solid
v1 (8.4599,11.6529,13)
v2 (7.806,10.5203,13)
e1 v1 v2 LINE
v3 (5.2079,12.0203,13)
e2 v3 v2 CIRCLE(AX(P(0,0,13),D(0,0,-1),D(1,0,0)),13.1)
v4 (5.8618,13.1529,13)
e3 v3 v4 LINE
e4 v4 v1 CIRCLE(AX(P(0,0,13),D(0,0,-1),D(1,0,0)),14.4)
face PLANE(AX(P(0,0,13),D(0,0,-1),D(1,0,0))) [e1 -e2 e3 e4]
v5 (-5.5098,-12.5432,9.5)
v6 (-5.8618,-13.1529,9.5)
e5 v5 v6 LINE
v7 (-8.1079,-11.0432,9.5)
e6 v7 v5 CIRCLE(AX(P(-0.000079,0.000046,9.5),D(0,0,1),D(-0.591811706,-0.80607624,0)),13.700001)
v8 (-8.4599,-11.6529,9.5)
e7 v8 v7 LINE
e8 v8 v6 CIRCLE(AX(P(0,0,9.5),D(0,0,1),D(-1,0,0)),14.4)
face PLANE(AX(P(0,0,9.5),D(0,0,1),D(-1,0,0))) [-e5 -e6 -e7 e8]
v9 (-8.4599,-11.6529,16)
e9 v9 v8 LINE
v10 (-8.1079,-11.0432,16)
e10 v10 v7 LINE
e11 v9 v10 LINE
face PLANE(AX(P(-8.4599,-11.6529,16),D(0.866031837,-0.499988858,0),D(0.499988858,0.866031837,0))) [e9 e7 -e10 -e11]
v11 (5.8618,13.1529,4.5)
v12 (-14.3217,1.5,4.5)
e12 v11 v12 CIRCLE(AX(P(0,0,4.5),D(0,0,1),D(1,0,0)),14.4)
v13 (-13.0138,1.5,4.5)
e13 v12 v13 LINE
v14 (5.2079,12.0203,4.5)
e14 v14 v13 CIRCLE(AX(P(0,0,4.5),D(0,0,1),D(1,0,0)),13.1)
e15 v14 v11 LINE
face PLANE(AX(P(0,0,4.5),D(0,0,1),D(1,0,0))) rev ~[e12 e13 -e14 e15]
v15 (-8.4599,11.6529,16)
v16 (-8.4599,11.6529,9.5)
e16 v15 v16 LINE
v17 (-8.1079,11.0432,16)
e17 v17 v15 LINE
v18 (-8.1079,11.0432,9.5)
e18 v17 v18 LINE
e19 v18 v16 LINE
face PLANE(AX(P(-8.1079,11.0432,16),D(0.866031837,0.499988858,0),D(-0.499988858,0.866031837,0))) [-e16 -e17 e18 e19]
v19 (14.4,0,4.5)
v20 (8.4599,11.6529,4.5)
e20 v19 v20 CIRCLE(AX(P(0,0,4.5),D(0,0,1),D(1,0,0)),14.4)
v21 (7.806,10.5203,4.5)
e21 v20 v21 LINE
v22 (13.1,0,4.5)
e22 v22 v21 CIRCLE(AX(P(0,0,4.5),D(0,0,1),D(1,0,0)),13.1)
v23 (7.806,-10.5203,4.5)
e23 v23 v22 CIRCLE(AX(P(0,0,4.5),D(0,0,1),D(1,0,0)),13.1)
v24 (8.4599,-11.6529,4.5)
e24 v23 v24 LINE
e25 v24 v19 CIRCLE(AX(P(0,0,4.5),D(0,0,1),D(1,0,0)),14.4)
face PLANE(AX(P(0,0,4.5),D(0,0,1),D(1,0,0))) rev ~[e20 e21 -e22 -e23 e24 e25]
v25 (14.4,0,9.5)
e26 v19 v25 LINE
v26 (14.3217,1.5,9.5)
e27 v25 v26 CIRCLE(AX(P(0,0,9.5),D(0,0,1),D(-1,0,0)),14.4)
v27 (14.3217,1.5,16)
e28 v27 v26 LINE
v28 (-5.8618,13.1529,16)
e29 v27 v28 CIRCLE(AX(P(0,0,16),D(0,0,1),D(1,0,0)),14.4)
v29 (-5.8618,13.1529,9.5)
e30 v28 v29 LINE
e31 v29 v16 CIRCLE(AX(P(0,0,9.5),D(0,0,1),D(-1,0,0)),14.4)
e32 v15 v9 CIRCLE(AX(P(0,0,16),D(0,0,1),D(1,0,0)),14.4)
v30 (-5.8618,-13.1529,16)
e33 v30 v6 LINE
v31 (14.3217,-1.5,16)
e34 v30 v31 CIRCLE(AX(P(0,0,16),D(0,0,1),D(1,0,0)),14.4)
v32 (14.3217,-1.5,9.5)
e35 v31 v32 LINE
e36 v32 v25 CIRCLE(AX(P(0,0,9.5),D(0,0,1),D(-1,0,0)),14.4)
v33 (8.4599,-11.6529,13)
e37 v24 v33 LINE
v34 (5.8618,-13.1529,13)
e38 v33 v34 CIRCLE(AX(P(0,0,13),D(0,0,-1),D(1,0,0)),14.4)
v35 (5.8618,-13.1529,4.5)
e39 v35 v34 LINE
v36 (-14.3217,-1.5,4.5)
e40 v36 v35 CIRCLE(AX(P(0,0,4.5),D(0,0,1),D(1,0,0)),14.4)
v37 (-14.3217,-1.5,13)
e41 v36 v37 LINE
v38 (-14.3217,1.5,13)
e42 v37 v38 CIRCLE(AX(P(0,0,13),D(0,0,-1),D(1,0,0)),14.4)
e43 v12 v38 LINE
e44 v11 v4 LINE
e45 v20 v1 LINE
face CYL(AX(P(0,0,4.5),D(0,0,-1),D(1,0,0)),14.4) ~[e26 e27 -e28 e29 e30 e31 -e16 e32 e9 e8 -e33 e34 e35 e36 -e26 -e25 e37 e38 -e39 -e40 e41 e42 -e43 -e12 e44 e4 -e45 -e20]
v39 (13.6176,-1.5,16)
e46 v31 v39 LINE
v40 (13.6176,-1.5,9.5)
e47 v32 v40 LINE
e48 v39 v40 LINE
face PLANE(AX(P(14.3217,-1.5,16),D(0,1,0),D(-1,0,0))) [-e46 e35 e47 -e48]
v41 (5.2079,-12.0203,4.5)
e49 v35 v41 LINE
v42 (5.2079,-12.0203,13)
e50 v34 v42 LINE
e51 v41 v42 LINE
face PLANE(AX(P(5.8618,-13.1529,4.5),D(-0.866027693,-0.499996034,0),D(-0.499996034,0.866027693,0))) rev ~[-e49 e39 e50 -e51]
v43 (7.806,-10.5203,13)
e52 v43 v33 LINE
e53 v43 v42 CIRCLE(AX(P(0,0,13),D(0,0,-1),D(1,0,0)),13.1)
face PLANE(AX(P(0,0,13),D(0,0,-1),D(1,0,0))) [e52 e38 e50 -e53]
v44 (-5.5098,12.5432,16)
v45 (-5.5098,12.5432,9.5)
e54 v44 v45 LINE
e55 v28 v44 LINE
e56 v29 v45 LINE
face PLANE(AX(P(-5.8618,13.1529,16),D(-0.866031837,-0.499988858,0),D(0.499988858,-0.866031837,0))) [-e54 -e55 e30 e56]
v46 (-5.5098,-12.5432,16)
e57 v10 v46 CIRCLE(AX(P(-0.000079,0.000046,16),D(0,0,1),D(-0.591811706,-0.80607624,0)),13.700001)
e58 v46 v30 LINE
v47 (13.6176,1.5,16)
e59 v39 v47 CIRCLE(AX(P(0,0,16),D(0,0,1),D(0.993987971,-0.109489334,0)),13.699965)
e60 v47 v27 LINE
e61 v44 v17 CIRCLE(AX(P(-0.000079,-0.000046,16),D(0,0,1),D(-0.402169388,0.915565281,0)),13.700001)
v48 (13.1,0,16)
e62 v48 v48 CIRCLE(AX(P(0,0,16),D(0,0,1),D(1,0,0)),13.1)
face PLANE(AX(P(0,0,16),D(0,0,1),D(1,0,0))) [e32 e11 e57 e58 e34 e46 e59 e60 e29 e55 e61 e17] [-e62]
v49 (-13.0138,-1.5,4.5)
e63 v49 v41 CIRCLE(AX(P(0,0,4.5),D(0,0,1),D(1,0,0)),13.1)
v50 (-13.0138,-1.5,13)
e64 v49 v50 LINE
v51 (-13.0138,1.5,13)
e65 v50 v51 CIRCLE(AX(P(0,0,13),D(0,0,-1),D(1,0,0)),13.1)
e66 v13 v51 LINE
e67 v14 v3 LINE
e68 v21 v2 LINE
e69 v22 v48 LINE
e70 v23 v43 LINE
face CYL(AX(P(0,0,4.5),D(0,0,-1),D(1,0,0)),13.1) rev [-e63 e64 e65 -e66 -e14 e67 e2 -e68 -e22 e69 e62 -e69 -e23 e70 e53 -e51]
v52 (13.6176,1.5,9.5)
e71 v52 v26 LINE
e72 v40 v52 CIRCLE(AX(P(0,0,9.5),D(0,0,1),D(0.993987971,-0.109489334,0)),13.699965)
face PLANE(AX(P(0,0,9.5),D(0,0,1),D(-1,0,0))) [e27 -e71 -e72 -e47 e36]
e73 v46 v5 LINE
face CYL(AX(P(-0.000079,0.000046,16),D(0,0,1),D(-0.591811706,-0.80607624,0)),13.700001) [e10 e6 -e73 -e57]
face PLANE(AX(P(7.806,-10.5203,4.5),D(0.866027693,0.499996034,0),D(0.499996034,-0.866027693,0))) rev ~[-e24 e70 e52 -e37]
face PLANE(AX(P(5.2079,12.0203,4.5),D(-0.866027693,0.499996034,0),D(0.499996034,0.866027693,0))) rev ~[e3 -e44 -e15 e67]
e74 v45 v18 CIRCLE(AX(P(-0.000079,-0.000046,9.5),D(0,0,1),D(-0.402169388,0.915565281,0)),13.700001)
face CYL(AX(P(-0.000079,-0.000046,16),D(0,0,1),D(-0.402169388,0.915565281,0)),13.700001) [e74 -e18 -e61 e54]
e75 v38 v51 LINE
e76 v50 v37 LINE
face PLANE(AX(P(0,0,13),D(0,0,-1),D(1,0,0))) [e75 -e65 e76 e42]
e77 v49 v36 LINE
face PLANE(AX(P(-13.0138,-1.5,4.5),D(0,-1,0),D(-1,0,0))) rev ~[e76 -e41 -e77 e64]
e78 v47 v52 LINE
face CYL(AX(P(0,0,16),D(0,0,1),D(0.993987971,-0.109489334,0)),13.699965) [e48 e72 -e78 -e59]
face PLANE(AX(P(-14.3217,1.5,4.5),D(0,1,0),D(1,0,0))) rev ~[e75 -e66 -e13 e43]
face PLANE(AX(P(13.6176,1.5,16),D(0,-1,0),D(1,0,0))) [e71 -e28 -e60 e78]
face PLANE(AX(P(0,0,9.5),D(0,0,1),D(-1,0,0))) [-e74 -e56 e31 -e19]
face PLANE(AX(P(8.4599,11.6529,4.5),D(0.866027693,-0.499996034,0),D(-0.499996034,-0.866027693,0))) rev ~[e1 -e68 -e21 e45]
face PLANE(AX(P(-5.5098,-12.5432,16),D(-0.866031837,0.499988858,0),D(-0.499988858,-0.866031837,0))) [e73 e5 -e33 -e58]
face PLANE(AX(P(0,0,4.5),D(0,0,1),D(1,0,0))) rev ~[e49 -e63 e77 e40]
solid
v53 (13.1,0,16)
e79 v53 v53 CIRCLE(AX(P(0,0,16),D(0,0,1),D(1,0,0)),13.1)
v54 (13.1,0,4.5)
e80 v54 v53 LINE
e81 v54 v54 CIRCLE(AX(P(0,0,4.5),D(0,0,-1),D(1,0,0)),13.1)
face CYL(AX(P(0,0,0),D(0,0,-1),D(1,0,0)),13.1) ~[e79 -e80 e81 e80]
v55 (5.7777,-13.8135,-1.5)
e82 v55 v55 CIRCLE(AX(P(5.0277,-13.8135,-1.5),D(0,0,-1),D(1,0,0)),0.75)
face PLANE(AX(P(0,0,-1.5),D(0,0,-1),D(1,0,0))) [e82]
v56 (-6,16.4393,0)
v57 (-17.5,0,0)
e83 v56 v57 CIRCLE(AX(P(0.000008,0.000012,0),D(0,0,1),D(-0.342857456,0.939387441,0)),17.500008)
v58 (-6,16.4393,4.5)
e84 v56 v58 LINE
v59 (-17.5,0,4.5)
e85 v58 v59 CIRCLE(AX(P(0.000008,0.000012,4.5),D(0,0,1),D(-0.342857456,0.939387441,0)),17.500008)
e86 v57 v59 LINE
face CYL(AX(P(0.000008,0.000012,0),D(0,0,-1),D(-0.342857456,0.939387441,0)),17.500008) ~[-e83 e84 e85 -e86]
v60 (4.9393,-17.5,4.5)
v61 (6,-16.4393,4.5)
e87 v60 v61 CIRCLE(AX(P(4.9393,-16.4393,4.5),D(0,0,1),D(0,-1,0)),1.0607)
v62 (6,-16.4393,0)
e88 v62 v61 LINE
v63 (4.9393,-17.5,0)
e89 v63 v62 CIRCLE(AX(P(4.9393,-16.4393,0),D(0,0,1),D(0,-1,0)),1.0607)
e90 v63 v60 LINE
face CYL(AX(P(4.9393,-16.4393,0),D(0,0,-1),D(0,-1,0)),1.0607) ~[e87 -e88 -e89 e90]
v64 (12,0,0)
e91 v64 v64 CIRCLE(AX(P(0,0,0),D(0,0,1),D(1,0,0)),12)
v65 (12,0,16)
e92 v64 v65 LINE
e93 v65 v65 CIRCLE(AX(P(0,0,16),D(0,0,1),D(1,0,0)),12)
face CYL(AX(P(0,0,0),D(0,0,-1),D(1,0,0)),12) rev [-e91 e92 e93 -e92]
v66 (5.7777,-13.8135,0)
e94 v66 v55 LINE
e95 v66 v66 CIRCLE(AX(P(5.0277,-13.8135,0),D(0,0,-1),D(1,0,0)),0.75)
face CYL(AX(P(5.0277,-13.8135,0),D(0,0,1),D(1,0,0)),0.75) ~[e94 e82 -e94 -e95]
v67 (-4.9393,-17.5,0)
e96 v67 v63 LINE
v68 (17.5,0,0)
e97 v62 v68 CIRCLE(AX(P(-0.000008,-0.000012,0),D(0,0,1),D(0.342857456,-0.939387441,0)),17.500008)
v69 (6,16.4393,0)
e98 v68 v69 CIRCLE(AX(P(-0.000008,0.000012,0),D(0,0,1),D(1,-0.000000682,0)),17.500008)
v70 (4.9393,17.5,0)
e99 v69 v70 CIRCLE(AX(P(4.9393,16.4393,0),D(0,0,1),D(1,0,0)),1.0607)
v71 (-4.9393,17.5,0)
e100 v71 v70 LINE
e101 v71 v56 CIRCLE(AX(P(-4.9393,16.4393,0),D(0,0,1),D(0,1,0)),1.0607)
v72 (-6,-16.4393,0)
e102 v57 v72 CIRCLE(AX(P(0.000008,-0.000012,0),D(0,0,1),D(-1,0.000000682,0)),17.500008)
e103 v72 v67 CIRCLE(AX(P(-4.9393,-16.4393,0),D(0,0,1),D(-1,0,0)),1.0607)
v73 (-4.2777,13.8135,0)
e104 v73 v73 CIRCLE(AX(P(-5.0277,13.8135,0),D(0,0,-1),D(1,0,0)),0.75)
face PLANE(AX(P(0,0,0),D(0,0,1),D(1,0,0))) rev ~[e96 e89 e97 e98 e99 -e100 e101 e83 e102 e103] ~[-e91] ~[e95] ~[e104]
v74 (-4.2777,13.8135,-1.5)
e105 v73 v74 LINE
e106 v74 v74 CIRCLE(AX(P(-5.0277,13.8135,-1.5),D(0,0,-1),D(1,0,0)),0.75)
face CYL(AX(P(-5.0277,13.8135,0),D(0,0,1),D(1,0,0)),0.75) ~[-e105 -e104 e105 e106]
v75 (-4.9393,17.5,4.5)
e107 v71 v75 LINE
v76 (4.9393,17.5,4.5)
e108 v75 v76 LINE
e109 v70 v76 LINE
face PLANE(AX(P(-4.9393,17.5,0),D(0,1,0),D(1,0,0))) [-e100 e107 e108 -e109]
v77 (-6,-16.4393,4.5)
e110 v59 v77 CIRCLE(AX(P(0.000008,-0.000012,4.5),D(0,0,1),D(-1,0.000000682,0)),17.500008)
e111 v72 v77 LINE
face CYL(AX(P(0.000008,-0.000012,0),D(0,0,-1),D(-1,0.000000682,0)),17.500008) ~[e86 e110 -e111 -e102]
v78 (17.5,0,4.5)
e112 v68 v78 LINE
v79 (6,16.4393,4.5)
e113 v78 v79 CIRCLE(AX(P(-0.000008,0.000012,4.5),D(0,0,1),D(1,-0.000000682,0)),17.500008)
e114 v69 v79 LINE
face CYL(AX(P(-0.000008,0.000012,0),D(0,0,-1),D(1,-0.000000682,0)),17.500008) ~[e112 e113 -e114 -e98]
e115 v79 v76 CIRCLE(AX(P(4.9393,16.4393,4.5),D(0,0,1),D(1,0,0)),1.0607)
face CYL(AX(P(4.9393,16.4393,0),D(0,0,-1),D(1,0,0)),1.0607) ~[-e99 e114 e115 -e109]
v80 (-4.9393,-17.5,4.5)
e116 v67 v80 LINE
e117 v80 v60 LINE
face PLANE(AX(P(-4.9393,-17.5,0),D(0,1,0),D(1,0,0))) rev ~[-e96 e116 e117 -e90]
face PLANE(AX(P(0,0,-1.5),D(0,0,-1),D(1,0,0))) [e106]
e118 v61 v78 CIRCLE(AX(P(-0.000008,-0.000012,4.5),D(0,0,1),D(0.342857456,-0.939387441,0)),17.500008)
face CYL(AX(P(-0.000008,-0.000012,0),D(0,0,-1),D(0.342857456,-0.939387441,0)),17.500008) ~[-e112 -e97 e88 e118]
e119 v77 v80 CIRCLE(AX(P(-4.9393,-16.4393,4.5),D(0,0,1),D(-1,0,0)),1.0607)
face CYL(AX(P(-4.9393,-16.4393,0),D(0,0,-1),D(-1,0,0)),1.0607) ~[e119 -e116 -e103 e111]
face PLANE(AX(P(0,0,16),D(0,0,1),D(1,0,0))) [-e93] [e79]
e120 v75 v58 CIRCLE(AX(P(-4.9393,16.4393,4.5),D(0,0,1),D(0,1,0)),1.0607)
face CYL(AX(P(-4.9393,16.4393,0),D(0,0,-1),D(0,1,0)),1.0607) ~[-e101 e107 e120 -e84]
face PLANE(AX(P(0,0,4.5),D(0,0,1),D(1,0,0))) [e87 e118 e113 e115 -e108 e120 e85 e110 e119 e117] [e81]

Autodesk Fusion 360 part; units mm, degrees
sketch "Sketch1" plane through (0, 0, 0) normal (0, 0, 1) x (1, 0, 0)
  line L0 (-4.9393, 17.5) -> (4.9393, 17.5)
  arc A0 (17.5, 0) -> (6, 16.4393) centre (0, 0) ccw
  arc A1 (-6, 16.4393) -> (-17.5, 0) centre (0, 0) ccw
  arc A2 (-4.9393, 17.5) -> (-6, 16.4393) centre (-4.9393, 16.4393) ccw
  arc A3 (6, 16.4393) -> (4.9393, 17.5) centre (4.9393, 16.4393) ccw
  line L1 (-17.5, 0) -> (17.5, 0) construction
  arc A4 (-17.5, 0) -> (-6, -16.4393) centre (0, 0) ccw
  arc A5 (-6, -16.4393) -> (-4.9393, -17.5) centre (-4.9393, -16.4393) ccw
  line L2 (-4.9393, -17.5) -> (4.9393, -17.5)
  arc A6 (4.9393, -17.5) -> (6, -16.4393) centre (4.9393, -16.4393) ccw
  arc A7 (6, -16.4393) -> (17.5, 0) centre (0, 0) ccw
  circle A8 centre (0, 0) radius 12.7
  dimension "d2" = 35
  dimension "d4" = 12
  dimension "d7" = 25.4
extrude "Extrude1" add sketch "Sketch1" along normal blind 4.5 makes body 1
sketch "Sketch3" plane through (0, 0, 4.5) normal (0, 0, 1) x (1, 0, 0)
  circle A0 centre (0, 0) radius 14.4
  circle A1 centre (0, 0) radius 12.7
  arc A2 (-4.9393, 17.5) -> (-6, 16.4393) centre (-4.9393, 16.4393) ccw
  arc A3 (-6, 16.4393) -> (-6, -16.4393) centre (0, 0) ccw
  arc A4 (-6, -16.4393) -> (-4.9393, -17.5) centre (-4.9393, -16.4393) ccw
  line L0 (-4.9393, -17.5) -> (4.9393, -17.5)
  arc A5 (4.9393, -17.5) -> (6, -16.4393) centre (4.9393, -16.4393) ccw
  arc A6 (6, -16.4393) -> (6, 16.4393) centre (0, 0) ccw
  arc A7 (6, 16.4393) -> (4.9393, 17.5) centre (4.9393, 16.4393) ccw
  line L1 (4.9393, 17.5) -> (-4.9393, 17.5)
  circle A8 centre (0, 0) radius 13.1
  dimension "d8" = 28.8
  dimension "d9" = 1.3
extrude "Extrude2" add sketch "Sketch3" along normal blind 11.5 separate body contours A0 makes body 2
sketch "Sketch4" plane through (0, 0, 4.5) normal (0, 0, -1) x (1, 0, 0)
  circle A0 centre (0, 0) radius 13.1
  circle A1 centre (0, 0) radius 14.4
  line L0 (-14.3217, -1.5) -> (-13.0138, -1.5)
  line L1 (-13.0138, 1.5) -> (-14.3217, 1.5)
  line L2 (8.4599, -11.6529) -> (7.806, -10.5203)
  line L3 (5.2079, -12.0203) -> (5.8618, -13.1529)
  line L4 (5.8618, 13.1529) -> (5.2079, 12.0203)
  line L5 (7.806, 10.5203) -> (8.4599, 11.6529)
  dimension "d13" = 3
  dimension "d15" = 360
extrude "Extrude3" cut sketch "Sketch4" against normal blind 8.5 contours A0 A1 L4 L5 | A0 A1 L2 L3 | A0 A1 L0 L1 bodies 2
sketch "Sketch5" plane through (0, 0, 16) normal (0, 0, 1) x (-1, 0, 0)
  circle A0 centre (0, 0) radius 13.1
  circle A1 centre (0, 0) radius 14.4
  line L0 (-14.3217, 1.5) -> (-13.6176, 1.5)
  arc A2 (-13.6176, 1.5) -> (-13.6176, -1.5) centre (0, 0) ccw
  line L1 (-13.6176, -1.5) -> (-14.3217, -1.5)
  arc A3 (5.5098, -12.5432) -> (8.1079, -11.0432) centre (0, 0) ccw
  line L2 (8.1079, -11.0432) -> (8.4599, -11.6529)
  line L3 (5.8618, -13.1529) -> (5.5098, -12.5432)
  arc A4 (8.1079, 11.0432) -> (5.5098, 12.5432) centre (0, 0) ccw
  line L4 (5.5098, 12.5432) -> (5.8618, 13.1529)
  line L5 (8.4599, 11.6529) -> (8.1079, 11.0432)
  dimension "d18" = 3
  dimension "d19" = 0.7
  dimension "d21" = 360
extrude "Extrude4" cut sketch "Sketch5" against normal blind 6.5 contours A1 A4 L4 L5 | A1 A3 L2 L3 | A1 L0 A2 L1 bodies 2
sketch "Sketch6" plane through (0, 0, 0) normal (0, 0, 1) x (1, 0, 0)
  circle A0 centre (0, 0) radius 13.1
  circle A1 centre (0, 0) radius 12
  dimension "d26" = 24
extrude "Extrude5" add sketch "Sketch6" along normal up to surface (16 mm away) bodies 1
sketch "Sketch7" plane through (0, 0, 0) normal (0, 0, -1) x (1, 0, 0)
  circle A0 centre (0, 0) radius 12
  arc A1 (-6, -16.4393) -> (-4.9393, -17.5) centre (-4.9393, -16.4393) ccw
  line L0 (-4.9393, -17.5) -> (4.9393, -17.5)
  arc A2 (4.9393, -17.5) -> (6, -16.4393) centre (4.9393, -16.4393) ccw
  arc A3 (6, -16.4393) -> (6, 16.4393) centre (0, 0) ccw
  arc A4 (6, 16.4393) -> (4.9393, 17.5) centre (4.9393, 16.4393) ccw
  line L1 (4.9393, 17.5) -> (-4.9393, 17.5)
  arc A5 (-4.9393, 17.5) -> (-6, 16.4393) centre (-4.9393, 16.4393) ccw
  arc A6 (-6, 16.4393) -> (-6, -16.4393) centre (0, 0) ccw
  circle A7 centre (-5.0277, -13.8135) radius 0.75
  line L2 (-5.0277, -13.8135) -> (5.0277, 13.8135) construction
  circle A8 centre (5.0277, 13.8135) radius 0.75
  line L3 (0, -1.75) -> (0, -22.5) construction
  dimension "d27" = 20
  dimension "d28" = 1.5
  dimension "d29" = 29.4
extrude "Extrude6" add sketch "Sketch7" along normal blind 1.5 contours A7 | A8 bodies 1
equation "d9 = 2.4 mm - 1.1 mm"
equation "d16 = 3 mm - 11.50 mm"
equation "d19 = 2.3 mm - 1.6 mm"
